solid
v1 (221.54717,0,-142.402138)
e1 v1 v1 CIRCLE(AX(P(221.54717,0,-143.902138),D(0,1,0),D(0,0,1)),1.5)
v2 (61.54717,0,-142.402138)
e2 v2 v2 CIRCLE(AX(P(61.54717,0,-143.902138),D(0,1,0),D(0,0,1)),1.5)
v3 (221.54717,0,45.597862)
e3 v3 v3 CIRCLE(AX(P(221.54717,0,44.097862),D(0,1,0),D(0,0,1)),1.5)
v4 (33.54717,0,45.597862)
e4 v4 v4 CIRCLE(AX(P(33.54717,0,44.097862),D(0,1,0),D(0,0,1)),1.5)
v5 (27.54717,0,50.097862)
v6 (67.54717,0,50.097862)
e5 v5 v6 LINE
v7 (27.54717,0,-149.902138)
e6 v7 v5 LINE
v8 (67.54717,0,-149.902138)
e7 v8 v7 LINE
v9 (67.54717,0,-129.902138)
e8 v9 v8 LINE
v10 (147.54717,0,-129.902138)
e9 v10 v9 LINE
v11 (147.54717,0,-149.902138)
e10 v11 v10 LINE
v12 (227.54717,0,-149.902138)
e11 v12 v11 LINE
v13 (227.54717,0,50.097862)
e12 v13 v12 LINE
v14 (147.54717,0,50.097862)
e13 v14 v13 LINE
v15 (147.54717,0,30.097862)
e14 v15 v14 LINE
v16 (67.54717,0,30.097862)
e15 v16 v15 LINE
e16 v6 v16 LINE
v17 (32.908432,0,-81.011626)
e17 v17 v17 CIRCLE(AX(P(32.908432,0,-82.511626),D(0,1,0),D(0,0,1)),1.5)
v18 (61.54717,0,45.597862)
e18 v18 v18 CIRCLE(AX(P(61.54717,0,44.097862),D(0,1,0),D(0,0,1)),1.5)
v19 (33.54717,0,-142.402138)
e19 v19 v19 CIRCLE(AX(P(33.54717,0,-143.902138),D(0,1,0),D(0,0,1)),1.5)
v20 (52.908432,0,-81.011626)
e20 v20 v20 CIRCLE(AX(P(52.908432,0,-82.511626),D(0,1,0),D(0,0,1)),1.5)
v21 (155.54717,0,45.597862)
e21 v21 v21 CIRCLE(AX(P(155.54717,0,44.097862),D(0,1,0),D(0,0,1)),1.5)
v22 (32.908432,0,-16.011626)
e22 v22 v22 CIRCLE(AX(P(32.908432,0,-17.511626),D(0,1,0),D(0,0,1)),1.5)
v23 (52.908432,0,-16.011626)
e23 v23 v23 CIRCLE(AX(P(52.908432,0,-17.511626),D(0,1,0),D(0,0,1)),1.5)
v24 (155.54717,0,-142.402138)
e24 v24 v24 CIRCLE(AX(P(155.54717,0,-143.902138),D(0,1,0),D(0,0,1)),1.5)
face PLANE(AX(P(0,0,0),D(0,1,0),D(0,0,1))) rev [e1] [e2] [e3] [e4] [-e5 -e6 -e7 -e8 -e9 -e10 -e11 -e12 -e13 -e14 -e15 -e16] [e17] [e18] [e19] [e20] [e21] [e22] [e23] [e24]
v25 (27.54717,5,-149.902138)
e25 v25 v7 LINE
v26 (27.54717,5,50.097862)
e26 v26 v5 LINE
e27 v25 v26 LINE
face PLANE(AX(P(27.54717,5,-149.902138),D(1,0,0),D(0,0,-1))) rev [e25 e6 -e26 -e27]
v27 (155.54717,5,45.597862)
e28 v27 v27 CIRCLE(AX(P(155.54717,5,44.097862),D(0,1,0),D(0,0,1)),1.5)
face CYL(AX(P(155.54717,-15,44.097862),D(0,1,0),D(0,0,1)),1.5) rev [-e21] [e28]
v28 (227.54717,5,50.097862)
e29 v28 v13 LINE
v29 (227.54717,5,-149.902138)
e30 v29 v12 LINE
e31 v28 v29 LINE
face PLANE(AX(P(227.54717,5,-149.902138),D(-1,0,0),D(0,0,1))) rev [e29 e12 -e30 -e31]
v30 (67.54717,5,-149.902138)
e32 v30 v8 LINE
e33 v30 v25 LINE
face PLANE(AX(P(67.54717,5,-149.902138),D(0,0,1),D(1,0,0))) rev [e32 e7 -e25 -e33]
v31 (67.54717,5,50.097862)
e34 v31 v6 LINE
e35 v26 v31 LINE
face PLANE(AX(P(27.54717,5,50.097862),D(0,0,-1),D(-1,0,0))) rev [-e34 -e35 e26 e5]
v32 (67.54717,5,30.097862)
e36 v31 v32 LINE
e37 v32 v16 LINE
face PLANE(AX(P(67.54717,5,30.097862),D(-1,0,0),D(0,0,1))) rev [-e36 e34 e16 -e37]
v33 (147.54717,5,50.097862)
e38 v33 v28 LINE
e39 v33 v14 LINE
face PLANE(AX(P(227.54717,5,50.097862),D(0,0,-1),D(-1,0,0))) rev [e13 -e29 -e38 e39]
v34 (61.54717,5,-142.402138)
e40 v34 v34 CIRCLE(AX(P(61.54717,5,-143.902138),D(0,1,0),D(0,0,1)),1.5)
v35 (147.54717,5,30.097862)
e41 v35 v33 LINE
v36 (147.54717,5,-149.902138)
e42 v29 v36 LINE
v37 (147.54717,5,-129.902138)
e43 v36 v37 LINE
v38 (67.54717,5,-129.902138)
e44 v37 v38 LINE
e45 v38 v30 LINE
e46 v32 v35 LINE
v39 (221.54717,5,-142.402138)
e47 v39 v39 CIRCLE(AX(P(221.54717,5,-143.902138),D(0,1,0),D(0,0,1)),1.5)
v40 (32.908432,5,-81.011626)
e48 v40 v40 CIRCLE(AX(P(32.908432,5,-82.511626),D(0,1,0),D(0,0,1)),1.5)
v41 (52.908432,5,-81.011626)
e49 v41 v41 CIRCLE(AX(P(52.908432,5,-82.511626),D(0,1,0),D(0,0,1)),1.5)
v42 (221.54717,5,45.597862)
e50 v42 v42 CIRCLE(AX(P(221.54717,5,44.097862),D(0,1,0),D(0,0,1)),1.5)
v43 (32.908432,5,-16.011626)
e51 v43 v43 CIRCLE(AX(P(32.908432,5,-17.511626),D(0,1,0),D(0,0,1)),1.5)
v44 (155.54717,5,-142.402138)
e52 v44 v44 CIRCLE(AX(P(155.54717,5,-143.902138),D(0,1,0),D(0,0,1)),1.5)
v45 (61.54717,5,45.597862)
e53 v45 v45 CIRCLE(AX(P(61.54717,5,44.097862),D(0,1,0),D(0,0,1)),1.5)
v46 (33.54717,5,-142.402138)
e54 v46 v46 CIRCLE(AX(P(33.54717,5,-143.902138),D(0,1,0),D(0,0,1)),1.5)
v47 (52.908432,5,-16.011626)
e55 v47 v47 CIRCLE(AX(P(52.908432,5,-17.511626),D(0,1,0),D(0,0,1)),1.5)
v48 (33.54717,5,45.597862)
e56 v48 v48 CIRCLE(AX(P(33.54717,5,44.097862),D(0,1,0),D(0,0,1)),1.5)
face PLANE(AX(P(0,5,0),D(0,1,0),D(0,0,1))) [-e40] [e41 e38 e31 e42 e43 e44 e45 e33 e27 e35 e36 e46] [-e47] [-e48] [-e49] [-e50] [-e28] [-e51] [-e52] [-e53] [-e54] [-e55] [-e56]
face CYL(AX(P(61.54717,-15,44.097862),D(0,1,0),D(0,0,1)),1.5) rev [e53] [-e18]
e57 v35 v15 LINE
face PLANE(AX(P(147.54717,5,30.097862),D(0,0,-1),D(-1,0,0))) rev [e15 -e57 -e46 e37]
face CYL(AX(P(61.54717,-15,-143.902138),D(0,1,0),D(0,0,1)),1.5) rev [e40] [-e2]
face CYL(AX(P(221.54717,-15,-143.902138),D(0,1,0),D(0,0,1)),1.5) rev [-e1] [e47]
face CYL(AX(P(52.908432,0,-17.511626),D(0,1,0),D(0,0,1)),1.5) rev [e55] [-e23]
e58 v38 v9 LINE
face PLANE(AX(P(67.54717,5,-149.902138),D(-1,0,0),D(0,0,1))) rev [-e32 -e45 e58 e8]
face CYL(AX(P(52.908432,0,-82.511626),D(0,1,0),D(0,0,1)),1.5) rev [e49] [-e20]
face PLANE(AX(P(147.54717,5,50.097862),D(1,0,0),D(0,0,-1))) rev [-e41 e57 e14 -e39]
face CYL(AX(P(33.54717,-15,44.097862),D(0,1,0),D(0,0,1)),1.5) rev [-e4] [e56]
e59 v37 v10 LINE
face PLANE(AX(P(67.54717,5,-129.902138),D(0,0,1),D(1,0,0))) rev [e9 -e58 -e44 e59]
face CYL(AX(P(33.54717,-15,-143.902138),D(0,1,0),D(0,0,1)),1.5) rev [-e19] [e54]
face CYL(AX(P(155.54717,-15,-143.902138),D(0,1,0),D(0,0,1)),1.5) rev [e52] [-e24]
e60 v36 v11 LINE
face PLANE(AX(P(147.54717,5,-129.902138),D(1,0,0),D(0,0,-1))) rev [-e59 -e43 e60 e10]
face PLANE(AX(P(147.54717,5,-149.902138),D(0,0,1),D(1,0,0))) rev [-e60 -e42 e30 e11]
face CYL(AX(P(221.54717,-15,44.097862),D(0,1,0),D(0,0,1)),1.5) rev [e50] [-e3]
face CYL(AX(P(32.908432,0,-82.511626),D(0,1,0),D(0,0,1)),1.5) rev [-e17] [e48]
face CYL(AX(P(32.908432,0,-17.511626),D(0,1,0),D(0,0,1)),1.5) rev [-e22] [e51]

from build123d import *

# Parameters (mm, degrees)
BOSS_EXTRUDE1_DEPTH = 5
SKETCH2_R           = 1.5
CUT_EXTRUDE1_DEPTH  = 20
SKETCH3_R           = 1.5
CUT_EXTRUDE2_DEPTH  = 5


with BuildPart() as part:
    # Sketch1 → Boss-Extrude1 (new body)
    with BuildSketch(Plane(origin=(0, 0, 0), x_dir=(1, 0, 0), z_dir=(0, 1, 0))):
        Polygon((67.547169811, 149.902137597), (67.547169811, 129.902137597), (147.547169811, 129.902137597), (147.547169811, 149.902137597), (227.547169811, 149.902137597), (227.547169811, -50.097862403), (147.547169811, -50.097862403), (147.547169811, -30.097862403), (67.547169811, -30.097862403), (67.547169811, -50.097862403), (27.547169811, -50.097862403), (27.547169811, 149.902137597), align=None)
    extrude(amount=BOSS_EXTRUDE1_DEPTH)

    # Sketch2 → Cut-Extrude1 (cut)
    with BuildSketch(Plane(origin=(0, 5, 0), x_dir=(1, 0, 0), z_dir=(0, 1, 0))):
        with Locations((33.547169811, 143.902137597)):
            Circle(SKETCH2_R)
        with Locations((61.547169811, 143.902137597)):
            Circle(SKETCH2_R)
        with Locations((33.547169811, -44.097862403)):
            Circle(SKETCH2_R)
        with Locations((61.547169811, -44.097862403)):
            Circle(SKETCH2_R)
        with Locations((155.547169811, -44.097862403)):
            Circle(SKETCH2_R)
        with Locations((221.547169811, -44.097862403)):
            Circle(SKETCH2_R)
        with Locations((155.547169811, 143.902137597)):
            Circle(SKETCH2_R)
        with Locations((221.547169811, 143.902137597)):
            Circle(SKETCH2_R)
    extrude(amount=-CUT_EXTRUDE1_DEPTH, mode=Mode.SUBTRACT)

    # Sketch3 → Cut-Extrude2 (cut)
    with BuildSketch(Plane(origin=(0, 5, 0), x_dir=(1, 0, 0), z_dir=(0, 1, 0))):
        with Locations((32.908431657, 82.511625863)):
            Circle(SKETCH3_R)
        with Locations((32.908431657, 17.511625863)):
            Circle(SKETCH3_R)
        with Locations((52.908431657, 17.511625863)):
            Circle(SKETCH3_R)
        with Locations((52.908431657, 82.511625863)):
            Circle(SKETCH3_R)
    extrude(amount=-CUT_EXTRUDE2_DEPTH, mode=Mode.SUBTRACT)


solid = part.part
